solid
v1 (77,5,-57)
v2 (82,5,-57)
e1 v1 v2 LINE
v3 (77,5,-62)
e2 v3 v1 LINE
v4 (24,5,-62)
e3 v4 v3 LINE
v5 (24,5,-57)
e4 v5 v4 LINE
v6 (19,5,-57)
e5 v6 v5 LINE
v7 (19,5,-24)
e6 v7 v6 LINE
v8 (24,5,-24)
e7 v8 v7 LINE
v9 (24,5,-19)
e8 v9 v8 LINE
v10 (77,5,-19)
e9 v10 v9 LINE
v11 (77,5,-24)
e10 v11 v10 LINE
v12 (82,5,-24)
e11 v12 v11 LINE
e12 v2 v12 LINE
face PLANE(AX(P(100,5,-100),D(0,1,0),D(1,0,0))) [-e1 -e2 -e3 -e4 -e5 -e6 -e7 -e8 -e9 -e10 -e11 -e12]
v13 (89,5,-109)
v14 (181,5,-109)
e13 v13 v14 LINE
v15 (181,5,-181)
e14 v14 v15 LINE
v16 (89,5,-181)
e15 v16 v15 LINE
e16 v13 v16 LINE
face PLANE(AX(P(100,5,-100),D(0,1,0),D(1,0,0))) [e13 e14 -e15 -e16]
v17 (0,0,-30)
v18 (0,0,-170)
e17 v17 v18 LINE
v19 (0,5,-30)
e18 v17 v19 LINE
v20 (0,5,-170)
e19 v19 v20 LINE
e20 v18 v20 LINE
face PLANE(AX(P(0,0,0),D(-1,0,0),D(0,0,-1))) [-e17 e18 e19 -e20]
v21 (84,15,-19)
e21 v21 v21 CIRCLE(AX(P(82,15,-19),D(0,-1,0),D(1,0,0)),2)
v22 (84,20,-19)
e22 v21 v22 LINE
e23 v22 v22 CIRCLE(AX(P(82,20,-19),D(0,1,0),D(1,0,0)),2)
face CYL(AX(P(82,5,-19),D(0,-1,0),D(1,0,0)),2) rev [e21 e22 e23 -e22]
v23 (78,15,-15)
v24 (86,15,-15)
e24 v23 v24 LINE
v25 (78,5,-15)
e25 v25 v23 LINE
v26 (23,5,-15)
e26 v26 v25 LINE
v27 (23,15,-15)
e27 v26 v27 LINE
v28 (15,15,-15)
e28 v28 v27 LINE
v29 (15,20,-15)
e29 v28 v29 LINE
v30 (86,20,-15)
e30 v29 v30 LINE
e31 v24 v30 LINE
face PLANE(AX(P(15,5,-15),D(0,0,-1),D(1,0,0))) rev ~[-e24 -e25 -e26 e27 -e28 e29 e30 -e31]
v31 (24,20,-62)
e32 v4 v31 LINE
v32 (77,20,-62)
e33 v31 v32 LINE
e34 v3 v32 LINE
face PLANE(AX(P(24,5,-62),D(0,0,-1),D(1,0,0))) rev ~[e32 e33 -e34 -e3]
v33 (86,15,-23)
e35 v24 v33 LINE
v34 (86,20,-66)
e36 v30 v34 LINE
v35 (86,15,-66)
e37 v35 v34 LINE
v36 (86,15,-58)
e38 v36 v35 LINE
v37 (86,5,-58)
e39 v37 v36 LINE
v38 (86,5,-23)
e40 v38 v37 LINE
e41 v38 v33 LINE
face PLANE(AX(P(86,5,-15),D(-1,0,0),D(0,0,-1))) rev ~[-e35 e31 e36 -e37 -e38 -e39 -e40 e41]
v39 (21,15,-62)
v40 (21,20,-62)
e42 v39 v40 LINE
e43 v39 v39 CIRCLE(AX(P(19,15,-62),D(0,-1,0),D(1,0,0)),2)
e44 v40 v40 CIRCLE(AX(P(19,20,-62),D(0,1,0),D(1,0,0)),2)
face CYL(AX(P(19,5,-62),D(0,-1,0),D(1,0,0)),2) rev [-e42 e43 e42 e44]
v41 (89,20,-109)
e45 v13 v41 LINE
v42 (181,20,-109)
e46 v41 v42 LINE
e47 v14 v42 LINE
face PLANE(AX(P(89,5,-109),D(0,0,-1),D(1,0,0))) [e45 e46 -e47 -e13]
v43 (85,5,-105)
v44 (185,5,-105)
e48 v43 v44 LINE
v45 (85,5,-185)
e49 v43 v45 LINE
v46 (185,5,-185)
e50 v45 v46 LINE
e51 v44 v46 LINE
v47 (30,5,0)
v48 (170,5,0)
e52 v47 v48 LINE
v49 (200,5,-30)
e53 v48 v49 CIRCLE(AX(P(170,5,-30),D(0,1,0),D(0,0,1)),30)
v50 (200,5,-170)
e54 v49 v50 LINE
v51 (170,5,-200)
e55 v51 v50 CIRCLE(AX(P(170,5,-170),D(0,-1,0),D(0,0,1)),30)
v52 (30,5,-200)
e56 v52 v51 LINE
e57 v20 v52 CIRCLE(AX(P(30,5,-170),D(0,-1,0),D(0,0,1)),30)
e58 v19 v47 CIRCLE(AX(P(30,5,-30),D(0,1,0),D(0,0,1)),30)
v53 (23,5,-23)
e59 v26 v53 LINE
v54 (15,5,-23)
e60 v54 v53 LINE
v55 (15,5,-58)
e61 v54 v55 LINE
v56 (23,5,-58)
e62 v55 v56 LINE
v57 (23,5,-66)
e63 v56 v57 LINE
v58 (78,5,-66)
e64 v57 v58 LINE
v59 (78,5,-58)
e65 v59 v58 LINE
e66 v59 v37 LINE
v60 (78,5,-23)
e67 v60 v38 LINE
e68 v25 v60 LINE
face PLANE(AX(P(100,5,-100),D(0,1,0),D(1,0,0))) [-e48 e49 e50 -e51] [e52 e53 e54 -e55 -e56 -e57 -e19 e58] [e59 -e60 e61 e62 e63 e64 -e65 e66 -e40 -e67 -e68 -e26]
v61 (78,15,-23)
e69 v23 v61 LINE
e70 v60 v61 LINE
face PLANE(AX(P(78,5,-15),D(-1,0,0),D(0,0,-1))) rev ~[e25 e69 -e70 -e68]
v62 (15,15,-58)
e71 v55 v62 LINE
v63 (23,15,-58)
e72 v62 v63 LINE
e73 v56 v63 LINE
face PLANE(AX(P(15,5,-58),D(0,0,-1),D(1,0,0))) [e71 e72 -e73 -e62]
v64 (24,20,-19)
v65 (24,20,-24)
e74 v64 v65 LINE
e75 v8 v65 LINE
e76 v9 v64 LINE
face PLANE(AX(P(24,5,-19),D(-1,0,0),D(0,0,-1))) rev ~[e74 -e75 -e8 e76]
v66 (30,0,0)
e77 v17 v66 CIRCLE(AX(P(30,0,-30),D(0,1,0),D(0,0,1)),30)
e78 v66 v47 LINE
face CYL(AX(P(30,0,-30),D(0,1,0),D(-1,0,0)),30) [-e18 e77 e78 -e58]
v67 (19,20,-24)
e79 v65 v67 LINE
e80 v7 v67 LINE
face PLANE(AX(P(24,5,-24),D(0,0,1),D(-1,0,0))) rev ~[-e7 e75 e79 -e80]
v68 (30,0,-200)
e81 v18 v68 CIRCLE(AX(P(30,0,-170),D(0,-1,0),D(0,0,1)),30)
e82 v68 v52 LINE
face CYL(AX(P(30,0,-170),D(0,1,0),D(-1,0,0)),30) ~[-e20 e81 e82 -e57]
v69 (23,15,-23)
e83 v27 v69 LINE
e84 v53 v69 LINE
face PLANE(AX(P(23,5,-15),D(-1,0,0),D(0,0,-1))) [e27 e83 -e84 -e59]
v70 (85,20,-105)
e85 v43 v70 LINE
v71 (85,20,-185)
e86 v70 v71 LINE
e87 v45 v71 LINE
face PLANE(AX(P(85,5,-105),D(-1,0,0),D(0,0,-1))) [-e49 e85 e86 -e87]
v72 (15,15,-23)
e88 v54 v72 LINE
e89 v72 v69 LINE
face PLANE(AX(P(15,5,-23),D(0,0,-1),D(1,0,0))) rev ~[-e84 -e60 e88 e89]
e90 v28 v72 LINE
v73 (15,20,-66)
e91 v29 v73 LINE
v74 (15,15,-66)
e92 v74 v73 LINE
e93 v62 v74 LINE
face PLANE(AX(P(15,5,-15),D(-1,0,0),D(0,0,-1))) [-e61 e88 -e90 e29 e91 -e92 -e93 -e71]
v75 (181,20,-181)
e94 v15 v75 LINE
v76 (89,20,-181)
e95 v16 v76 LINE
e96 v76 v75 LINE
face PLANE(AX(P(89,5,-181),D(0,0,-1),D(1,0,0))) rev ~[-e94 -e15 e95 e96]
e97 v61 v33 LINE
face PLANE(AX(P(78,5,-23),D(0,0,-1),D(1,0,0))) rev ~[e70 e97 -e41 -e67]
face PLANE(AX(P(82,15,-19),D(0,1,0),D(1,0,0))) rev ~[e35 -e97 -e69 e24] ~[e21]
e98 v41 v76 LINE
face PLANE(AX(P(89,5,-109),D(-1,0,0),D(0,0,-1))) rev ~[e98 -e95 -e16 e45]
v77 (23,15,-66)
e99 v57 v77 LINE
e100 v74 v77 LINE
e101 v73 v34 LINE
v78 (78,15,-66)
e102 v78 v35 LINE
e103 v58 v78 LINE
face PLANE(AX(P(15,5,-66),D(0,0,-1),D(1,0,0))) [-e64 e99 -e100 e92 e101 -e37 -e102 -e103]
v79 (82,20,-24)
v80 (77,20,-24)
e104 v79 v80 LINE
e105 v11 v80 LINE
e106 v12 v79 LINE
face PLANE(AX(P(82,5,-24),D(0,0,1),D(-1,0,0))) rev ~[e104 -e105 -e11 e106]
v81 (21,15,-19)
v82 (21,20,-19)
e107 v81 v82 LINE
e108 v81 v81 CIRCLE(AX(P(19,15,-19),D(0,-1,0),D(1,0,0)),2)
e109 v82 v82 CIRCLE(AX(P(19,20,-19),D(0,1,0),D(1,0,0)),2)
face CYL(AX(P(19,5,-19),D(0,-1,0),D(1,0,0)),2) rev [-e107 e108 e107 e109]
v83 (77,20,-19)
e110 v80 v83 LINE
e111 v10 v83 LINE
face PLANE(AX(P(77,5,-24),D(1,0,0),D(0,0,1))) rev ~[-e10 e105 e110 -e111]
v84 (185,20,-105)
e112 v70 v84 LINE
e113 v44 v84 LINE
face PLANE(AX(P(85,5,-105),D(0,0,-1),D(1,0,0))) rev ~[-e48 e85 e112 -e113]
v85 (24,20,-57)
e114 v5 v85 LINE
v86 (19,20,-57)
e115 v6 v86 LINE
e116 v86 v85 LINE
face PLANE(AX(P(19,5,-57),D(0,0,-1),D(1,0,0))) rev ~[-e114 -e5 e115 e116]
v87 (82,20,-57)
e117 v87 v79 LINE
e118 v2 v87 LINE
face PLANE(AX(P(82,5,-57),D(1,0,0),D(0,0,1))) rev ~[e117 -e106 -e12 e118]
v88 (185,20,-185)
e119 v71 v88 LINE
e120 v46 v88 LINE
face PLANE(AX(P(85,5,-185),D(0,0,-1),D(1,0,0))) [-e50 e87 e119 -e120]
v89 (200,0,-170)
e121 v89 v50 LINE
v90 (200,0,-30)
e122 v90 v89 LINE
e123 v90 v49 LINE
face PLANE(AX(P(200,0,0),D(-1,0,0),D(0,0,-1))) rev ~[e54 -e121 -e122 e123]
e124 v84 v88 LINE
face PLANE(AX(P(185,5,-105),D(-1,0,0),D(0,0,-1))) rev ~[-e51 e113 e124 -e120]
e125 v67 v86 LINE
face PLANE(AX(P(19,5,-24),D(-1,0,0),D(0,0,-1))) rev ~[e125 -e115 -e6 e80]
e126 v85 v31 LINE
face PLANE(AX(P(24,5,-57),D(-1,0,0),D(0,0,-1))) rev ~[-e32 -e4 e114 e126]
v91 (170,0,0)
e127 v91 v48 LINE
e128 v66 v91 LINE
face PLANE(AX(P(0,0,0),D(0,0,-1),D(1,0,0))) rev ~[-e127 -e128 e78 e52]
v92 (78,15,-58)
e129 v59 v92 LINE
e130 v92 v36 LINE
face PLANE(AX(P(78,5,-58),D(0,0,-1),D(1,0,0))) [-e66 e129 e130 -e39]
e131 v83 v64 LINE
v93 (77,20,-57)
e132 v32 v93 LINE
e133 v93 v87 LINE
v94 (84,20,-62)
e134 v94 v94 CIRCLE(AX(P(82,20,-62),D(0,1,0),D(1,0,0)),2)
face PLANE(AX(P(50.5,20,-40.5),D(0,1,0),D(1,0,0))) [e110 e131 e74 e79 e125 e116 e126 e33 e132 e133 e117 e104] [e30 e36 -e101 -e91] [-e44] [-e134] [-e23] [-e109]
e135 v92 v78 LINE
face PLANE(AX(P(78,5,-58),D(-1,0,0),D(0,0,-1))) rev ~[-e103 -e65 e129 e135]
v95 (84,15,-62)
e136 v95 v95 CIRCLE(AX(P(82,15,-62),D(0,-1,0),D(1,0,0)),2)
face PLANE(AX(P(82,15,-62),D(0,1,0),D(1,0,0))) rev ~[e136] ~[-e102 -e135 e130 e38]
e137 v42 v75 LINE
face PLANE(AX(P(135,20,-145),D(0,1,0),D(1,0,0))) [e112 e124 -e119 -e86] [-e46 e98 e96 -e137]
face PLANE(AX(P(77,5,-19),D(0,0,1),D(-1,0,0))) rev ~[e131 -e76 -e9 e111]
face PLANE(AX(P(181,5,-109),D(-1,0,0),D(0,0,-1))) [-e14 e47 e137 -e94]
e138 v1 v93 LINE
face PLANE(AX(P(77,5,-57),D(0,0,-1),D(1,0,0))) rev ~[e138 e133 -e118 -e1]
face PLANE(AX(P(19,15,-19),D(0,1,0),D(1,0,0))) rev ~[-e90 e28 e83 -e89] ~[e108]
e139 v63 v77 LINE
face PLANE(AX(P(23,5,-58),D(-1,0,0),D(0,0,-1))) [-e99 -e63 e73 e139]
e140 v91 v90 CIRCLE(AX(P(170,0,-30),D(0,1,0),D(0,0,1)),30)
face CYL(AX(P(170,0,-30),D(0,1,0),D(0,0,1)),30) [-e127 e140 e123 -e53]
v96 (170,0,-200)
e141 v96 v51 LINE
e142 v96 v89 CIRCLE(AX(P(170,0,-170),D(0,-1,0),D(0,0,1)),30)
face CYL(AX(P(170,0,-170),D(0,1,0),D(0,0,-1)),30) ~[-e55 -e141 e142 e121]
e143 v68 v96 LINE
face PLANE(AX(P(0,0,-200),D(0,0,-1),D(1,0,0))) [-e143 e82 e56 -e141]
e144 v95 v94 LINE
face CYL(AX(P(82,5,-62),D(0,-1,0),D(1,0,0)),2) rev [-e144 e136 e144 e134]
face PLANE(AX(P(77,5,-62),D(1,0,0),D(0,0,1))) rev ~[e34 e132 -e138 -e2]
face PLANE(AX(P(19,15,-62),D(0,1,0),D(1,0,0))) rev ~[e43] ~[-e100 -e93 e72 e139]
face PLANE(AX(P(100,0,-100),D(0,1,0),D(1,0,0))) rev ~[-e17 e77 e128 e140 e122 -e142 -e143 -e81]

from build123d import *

# Parameters (mm, degrees)
SKETCH1_W            = 200
SKETCH1_H            = 200
BOSS_EXTRUDE1_DEPTH  = 5
SKETCH4_W            = 100
SKETCH4_H            = 80
SKETCH4_W_2          = 92
SKETCH4_H_2          = 72
BOSS_EXTRUDE2_DEPTH  = 15
SKETCH8_W            = 71
SKETCH8_H            = 51
SKETCH8_R            = 2
BOSS_EXTRUDE4_DEPTH  = 15
SKETCH9_W            = 8
SKETCH9_H            = 8
CUT_EXTRUDE11_DEPTH  = 10
LPATTERN1_COUNT      = 2
LPATTERN1_PITCH      = 63
LPATTERN1_COUNT_DIR2 = 2
LPATTERN1_PITCH_DIR2 = 43
FILLET1_R            = 30


with BuildPart() as part:
    # Sketch1 → Boss-Extrude1 (new body)
    with BuildSketch(Plane(origin=(0, 0, 0), x_dir=(1, 0, 0), z_dir=(0, 1, 0))):
        with Locations((100, 100)):
            Rectangle(SKETCH1_W, SKETCH1_H)
    extrude(amount=BOSS_EXTRUDE1_DEPTH)

    # Sketch4 → Boss-Extrude2 (add)
    with BuildSketch(Plane(origin=(0, 5, 0), x_dir=(1, 0, 0), z_dir=(0, 1, 0))):
        with Locations((135, 145)):
            Rectangle(SKETCH4_W, SKETCH4_H)
        with Locations((135, 145)):
            Rectangle(SKETCH4_W_2, SKETCH4_H_2, mode=Mode.SUBTRACT)
    extrude(amount=BOSS_EXTRUDE2_DEPTH)

    # Sketch8 → Boss-Extrude4 (add)
    with BuildSketch(Plane(origin=(0, 5, 0), x_dir=(1, 0, 0), z_dir=(0, 1, 0))):
        with Locations((50.5, 40.5)):
            Rectangle(SKETCH8_W, SKETCH8_H)
        with Locations((19, 62)):
            Circle(SKETCH8_R, mode=Mode.SUBTRACT)
        with Locations((82, 62)):
            Circle(SKETCH8_R, mode=Mode.SUBTRACT)
        with Locations((82, 19)):
            Circle(SKETCH8_R, mode=Mode.SUBTRACT)
        with Locations((19, 19)):
            Circle(SKETCH8_R, mode=Mode.SUBTRACT)
        Polygon((19, 57), (24, 57), (24, 62), (77, 62), (77, 57), (82, 57), (82, 24), (77, 24), (77, 19), (24, 19), (24, 24), (19, 24), align=None, mode=Mode.SUBTRACT)
    extrude(amount=BOSS_EXTRUDE4_DEPTH)

    # Sketch9 → Cut-Extrude11 (cut)
    with BuildSketch(Plane(origin=(0, 5, 0), x_dir=(1, 0, 0), z_dir=(0, 1, 0))):
        with Locations((19, 62)):
            Rectangle(SKETCH9_W, SKETCH9_H)
    cut_extrude11 = extrude(amount=CUT_EXTRUDE11_DEPTH, mode=Mode.SUBTRACT)

    # LPattern1: Cut-Extrude11 2 × 2
    with Locations(*[(i * LPATTERN1_PITCH, 0, j * LPATTERN1_PITCH_DIR2) for i in range(LPATTERN1_COUNT) for j in range(LPATTERN1_COUNT_DIR2) if (i, j) != (0, 0)]):
        add(cut_extrude11, mode=Mode.SUBTRACT)

    # Fillet1
    fillet1_edges = [part.edges().sort_by_distance(p)[0] for p in [
        (0, 2.5, -200),
        (200, 2.5, -200),
        (200, 2.5, 0),
        (0, 2.5, 0),
    ]]
    fillet(fillet1_edges, radius=FILLET1_R)


solid = part.part
